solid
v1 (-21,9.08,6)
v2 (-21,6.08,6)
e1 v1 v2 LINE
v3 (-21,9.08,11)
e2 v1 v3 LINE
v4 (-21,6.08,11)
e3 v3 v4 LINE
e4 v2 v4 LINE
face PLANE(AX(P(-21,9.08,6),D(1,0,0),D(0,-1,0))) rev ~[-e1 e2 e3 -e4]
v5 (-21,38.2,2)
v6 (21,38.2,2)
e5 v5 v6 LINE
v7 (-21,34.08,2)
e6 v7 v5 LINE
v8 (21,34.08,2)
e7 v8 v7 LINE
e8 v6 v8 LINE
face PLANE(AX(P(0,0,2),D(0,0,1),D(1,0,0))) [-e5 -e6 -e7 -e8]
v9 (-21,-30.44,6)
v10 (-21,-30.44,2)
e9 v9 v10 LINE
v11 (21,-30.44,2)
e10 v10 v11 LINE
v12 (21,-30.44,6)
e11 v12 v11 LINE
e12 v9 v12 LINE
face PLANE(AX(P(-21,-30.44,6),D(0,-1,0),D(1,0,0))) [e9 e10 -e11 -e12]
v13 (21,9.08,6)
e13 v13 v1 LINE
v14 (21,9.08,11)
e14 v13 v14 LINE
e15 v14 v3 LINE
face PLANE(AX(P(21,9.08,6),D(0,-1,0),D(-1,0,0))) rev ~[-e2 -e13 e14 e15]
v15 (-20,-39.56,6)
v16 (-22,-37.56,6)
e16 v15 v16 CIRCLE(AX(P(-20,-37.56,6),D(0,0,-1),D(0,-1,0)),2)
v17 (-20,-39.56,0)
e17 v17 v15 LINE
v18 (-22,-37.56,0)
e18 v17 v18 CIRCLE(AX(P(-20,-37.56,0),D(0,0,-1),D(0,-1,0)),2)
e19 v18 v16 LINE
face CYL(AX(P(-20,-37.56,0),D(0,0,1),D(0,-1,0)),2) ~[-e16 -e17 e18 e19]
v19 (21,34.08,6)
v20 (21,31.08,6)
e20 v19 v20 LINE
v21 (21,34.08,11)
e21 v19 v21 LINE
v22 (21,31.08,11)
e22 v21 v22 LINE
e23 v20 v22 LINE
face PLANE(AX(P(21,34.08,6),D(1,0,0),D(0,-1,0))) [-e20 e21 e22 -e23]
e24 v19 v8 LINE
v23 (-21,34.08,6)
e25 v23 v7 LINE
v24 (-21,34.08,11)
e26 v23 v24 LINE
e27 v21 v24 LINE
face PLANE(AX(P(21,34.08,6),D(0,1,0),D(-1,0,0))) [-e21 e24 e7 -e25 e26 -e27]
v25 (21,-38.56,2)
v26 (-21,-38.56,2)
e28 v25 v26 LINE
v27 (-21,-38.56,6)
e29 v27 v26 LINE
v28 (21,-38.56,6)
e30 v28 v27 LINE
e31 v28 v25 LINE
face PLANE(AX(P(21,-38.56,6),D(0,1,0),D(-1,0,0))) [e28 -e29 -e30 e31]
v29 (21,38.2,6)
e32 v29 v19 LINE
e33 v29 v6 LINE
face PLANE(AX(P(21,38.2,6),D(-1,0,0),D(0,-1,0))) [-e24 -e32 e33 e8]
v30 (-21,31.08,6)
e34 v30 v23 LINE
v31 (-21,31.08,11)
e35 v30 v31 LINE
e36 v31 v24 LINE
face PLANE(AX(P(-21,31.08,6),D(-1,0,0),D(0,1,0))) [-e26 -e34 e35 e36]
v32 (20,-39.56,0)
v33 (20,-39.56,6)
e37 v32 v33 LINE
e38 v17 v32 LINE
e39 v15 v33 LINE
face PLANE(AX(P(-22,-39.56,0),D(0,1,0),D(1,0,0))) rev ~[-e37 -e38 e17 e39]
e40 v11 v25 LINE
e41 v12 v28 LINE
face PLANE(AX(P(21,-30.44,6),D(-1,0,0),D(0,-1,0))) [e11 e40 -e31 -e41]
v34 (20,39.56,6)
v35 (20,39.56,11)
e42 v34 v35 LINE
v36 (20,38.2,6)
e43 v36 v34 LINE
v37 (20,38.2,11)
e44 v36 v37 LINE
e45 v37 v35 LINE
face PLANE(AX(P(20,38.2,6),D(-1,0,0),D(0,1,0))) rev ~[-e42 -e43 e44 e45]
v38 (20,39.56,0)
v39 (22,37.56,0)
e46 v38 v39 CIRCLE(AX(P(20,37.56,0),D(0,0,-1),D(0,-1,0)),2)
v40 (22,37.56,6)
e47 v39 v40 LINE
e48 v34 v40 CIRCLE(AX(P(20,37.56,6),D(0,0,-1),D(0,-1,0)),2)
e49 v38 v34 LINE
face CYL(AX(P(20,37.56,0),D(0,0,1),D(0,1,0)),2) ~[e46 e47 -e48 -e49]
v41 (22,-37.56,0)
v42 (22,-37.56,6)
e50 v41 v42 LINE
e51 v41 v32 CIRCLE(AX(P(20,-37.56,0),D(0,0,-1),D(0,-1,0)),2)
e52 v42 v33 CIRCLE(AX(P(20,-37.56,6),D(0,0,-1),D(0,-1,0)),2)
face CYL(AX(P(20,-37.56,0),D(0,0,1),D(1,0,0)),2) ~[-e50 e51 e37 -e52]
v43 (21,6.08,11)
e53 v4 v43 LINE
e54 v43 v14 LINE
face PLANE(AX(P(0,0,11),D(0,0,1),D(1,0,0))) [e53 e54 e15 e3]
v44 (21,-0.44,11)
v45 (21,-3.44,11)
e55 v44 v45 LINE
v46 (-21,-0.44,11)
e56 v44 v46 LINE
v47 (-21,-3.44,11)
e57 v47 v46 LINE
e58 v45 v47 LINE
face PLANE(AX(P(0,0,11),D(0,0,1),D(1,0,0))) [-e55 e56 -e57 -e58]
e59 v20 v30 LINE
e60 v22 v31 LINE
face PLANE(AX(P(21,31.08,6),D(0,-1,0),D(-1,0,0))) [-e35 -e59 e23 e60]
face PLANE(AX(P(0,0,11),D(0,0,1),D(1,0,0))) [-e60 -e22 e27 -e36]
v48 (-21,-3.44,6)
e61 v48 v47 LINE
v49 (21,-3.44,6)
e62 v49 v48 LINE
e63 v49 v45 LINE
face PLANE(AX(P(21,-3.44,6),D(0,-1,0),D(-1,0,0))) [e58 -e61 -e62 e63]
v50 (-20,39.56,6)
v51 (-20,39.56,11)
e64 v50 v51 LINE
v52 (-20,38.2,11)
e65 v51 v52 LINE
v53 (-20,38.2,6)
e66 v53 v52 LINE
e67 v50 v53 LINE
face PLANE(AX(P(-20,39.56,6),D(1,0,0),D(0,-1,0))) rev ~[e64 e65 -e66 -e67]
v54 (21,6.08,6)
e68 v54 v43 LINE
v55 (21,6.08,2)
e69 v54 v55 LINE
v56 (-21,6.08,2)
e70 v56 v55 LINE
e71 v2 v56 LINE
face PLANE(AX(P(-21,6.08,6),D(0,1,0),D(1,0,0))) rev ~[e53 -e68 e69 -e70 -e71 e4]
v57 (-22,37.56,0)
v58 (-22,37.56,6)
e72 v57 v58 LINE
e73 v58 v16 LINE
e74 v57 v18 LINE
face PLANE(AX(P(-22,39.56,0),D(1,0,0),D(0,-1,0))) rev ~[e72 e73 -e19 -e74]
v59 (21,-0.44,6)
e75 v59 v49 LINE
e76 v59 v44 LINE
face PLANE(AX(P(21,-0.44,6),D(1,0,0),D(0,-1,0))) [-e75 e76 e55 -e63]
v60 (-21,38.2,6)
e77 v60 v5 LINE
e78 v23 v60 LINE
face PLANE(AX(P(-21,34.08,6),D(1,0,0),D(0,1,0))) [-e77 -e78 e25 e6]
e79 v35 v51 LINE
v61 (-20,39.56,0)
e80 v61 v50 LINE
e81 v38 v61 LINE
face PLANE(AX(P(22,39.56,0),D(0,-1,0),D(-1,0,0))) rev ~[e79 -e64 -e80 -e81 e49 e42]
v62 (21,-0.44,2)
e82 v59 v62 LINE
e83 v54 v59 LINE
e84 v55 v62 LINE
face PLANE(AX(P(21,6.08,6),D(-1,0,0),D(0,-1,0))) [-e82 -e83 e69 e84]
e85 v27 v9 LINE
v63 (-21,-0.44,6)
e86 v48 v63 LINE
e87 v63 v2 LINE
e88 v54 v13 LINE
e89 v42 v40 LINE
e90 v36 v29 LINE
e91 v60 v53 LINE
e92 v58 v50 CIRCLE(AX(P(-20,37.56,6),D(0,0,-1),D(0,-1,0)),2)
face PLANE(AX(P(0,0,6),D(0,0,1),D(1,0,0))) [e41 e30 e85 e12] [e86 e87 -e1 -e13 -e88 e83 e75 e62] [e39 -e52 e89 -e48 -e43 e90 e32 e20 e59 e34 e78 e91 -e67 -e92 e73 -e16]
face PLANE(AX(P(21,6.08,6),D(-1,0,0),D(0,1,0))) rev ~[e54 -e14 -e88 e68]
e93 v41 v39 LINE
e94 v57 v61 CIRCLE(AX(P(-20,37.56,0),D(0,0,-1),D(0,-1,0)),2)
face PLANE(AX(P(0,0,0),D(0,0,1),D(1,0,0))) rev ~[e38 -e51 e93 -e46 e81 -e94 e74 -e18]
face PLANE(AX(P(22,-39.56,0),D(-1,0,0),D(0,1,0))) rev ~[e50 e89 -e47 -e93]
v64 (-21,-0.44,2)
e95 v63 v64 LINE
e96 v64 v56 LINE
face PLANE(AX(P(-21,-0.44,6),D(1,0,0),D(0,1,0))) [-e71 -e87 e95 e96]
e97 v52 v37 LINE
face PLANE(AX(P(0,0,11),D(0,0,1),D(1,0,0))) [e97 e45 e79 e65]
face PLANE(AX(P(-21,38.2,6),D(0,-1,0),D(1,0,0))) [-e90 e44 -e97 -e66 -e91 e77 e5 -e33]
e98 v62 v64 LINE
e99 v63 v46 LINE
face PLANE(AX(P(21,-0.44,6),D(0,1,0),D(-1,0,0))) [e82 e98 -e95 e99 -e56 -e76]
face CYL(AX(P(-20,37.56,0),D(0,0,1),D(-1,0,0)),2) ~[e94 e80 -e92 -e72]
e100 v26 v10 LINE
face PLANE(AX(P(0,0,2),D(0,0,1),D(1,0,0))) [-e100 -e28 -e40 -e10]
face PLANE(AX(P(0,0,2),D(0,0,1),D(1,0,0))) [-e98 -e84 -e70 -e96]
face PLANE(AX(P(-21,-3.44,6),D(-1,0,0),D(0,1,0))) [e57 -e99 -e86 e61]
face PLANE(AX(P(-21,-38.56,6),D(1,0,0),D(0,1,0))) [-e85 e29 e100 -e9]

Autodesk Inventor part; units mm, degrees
ref_plane "YZ Plane" through (0, 0, 0) normal (1, 0, 0) x (0, 1, 0)
ref_plane "XZ Plane" through (0, 0, 0) normal (0, 1, 0) x (-1, 0, 0)
ref_plane "XY Plane" through (0, 0, 0) normal (0, 0, 1) x (1, 0, 0)
sketch "Base" plane through (0, 0, 0) normal (0, 0, 1) x (1, 0, 0)
  line L0 (-22, -39.56) -> (22, -39.56)
  line L1 (22, -39.56) -> (22, 39.56)
  line L2 (22, 39.56) -> (-22, 39.56)
  line L3 (-22, 39.56) -> (-22, -39.56)
  line L4 (-22, -39.56) -> (22, 39.56) construction
  line L5 (22, -39.56) -> (-22, 39.56) construction
  point P0 (0, 0)
  dimension "d56" = 44
  dimension "d57" = 79
extrude "Extrusion4" add sketch "Base" along normal blind 6
sketch "Slot1" plane through (0, 0, 6) normal (0, 0, 1) x (1, 0, 0)
  line L0 (21, -38.56) -> (-21, -38.56)
  line L1 (-21, -38.56) -> (-21, -30.44)
  line L2 (-21, -30.44) -> (21, -30.44)
  line L3 (21, -30.44) -> (21, -38.56)
  line L4 (21, -38.56) -> (-21, -30.44) construction
  line L5 (-21, -38.56) -> (21, -30.44) construction
  line L6 (22, -39.56) -> (22, 39.56) projected
  line L7 (-22, -39.56) -> (22, -39.56) projected
  point P0 (0, 0)
  point P1 (0, -34.5)
  dimension "d62" = 8.1
  dimension "d63" = 1
  dimension "d64" = 42
  dimension "d66" = 1
extrude "Slot1 slot" cut sketch "Slot1" against normal blind 4
sketch "Slot2" plane through (0, 0, 6) normal (0, 0, 1) x (1, 0, 0)
  line L0 (21, -0.44) -> (-21, -0.44)
  line L1 (-21, -0.44) -> (-21, 6.08)
  line L2 (-21, 6.08) -> (21, 6.08)
  line L3 (21, 6.08) -> (21, -0.44)
  line L4 (21, -0.44) -> (-21, 6.08) construction
  line L5 (-21, -0.44) -> (21, 6.08) construction
  line L6 (-22, 39.56) -> (-22, -39.56) projected
  line L7 (-21, -30.44) -> (21, -30.44) projected
  point P0 (0, 0)
  point P1 (0, 2.82)
  dimension "d75" = 6.5
  dimension "d76" = 42
  dimension "d77" = 1
  dimension "d80" = 30
extrude "Slot2 slot" cut sketch "Slot2" against normal blind 4
sketch "Slot3" plane through (0, 0, 6) normal (0, 0, 1) x (1, 0, 0)
  line L0 (-21, 38.2) -> (21, 38.2)
  line L1 (21, 38.2) -> (21, 34.08)
  line L2 (21, 34.08) -> (-21, 34.08)
  line L3 (-21, 34.08) -> (-21, 38.2)
  line L4 (-21, 38.2) -> (21, 34.08) construction
  line L5 (21, 38.2) -> (-21, 34.08) construction
  point P0 (0, 36.14)
  dimension "d83" = 4.1
  dimension "d84" = 42
extrude "Extrusion7" cut sketch "Slot3" against normal blind 4
fillet "Fillet1" radius 2 1 edges at (-22, 39.56, 3)
fillet "Fillet2" radius 2 1 edges at (22, 39.56, 3)
fillet "Fillet3" radius 2 1 edges at (22, -39.56, 3)
fillet "Fillet4" radius 2 1 edges at (-22, -39.56, 3)
sketch "Sketch14" plane through (0, 0, 6) normal (0, 0, 1) x (1, 0, 0)
  arc A0 (-22, -37.56) -> (-20, -39.56) centre (-20, -37.56) ccw projected
  line L0 (-20, -39.56) -> (20, -39.56) projected
  arc A1 (20, -39.56) -> (22, -37.56) centre (20, -37.56) ccw projected
  line L1 (22, -37.56) -> (22, 37.56) projected
  arc A2 (22, 37.56) -> (20, 39.56) centre (20, 37.56) ccw projected
  line L2 (20, 39.56) -> (-20, 39.56) projected
  arc A3 (-20, 39.56) -> (-22, 37.56) centre (-20, 37.56) ccw projected
  line L3 (-22, 37.56) -> (-22, -37.56) projected
  line L4 (-21, 34.08) -> (-21, 38.2) projected
  line L5 (-21, 38.2) -> (21, 38.2) projected
  line L6 (21, 38.2) -> (21, 34.08) projected
  line L7 (21, 34.08) -> (-21, 34.08) projected
  line L8 (21, 6.08) -> (21, -0.44) projected
  line L9 (21, -0.44) -> (-21, -0.44) projected
  line L10 (-21, -0.44) -> (-21, 6.08) projected
  line L11 (-21, 6.08) -> (21, 6.08) projected
  line L12 (21, -30.44) -> (21, -38.56) projected
  line L13 (21, -38.56) -> (-21, -38.56) projected
  line L14 (-21, -38.56) -> (-21, -30.44) projected
  line L15 (-21, -30.44) -> (21, -30.44) projected
  line L16 (20, 39.56) -> (-20, 39.56)
  line L17 (-20, 39.56) -> (-20, 38.2)
  line L18 (-20, 38.2) -> (20, 38.2)
  line L19 (20, 38.2) -> (20, 39.56)
  line L20 (-21, 38.2) -> (21, 38.2) projected
  line L21 (-21, 34.08) -> (21, 34.08)
  line L22 (21, 34.08) -> (21, 31.08)
  line L23 (21, 31.08) -> (-21, 31.08)
  line L24 (-21, 31.08) -> (-21, 34.08)
  line L25 (-21, 6.08) -> (21, 6.08)
  line L26 (21, 6.08) -> (21, 9.08)
  line L27 (21, 9.08) -> (-21, 9.08)
  line L28 (-21, 9.08) -> (-21, 6.08)
  line L29 (-21, -0.44) -> (21, -0.44)
  line L30 (21, -0.44) -> (21, -3.44)
  line L31 (21, -3.44) -> (-21, -3.44)
  line L32 (-21, -3.44) -> (-21, -0.44)
  dimension "d95" = 3
extrude "Extrusion9" add sketch "Sketch14" along normal blind 5 contours L2 L19 L5 L17 | L7 L22 L23 L24 | L11 L28 L27 L26 | L30 L31 L32 L9
equation "\"d56\" = basew"
equation "\"d57\" = baseh"
equation "\"d62\" = wall1slot"
equation "\"d63\" = -0.5 * wallw + 0.5 * basew"
equation "\"d64\" = wallw"
equation "\"d66\" = 0.5 * baseextra"
equation "\"d75\" = wall2slot"
equation "\"d76\" = wallw"
equation "\"d77\" = 0.5 * baseextra"
equation "\"d80\" = gap1"
equation "\"d83\" = wall3slot"
equation "\"d84\" = wallw"
equation "\"printer3dtolerance\" = 0.1"
equation "\"wallw\" = 42"
equation "\"wallh\" = 44"
equation "\"cornerrad\" = 2"
equation "\"baseextra\" = 2"
equation "\"wall1_thick\" = 8"
equation "\"wall2_thick\" = 6.4"
equation "\"wall3_thick\" = 4"
equation "\"wall1slot\" = 8.1"
equation "\"wall2slot\" = 6.5"
equation "\"wall3slot\" = 4.1"
equation "\"gap1\" = 30"
equation "\"gap2\" = 28"
equation "\"baseh\" = 79"
equation "\"basew\" = 44"
equation "\"base_thick\" = 6"
equation "\"base_slots_depth\" = 4"
equation "\"d26\" = 8.12"
equation "\"d27\" = 42"
equation "\"d28\" = 44"
equation "\"d29\" = 28"
equation "\"d31\" = 4.12"
equation "\"d32\" = 6.52"
equation "\"d33\" = 79.12"
equation "\"d39\" = 8.12"
equation "\"d40\" = 42"
equation "\"d41\" = 44"
equation "\"d48\" = 8.12"
equation "\"d49\" = 42"
equation "\"d50\" = 8.12"
equation "\"d51\" = 42"
equation "\"d52\" = 44"
equation "\"d53\" = 44"
equation "\"d71\" = 8.12"
equation "\"d72\" = 42"
equation "\"d73\" = 2"
equation "\"d74\" = 44"
equation "\"distancefrombottom\" = 34"
equation "\"servosmallcircledia\" = 5.9"
equation "\"servo9gw\" = 22.8"
equation "\"servomountsquare\" = 4"
equation "\"servopolygonl\" = 5.9"
equation "\"servopolygonr\" = 6.1"
equation "\"distancefromleft\" = 22"
equation "\"servobigcircledia\" = 11.6"
equation "\"servomounth\" = 4"
equation "\"wall3slotd\" = 2"
equation "\"wall3slotw\" = 36"
equation "\"adapterh\" = 16"
equation "\"adapterw\" = 32"
equation "\"wall3slotd_1\" = 2"
equation "\"armslotd\" = 2"
equation "\"armthick\" = 3"
equation "\"armw\" = 34"
equation "\"fanhs\" = 9.6"
equation "\"fanhb\" = 11"
equation "\"adapterwallslotd\" = 2"
equation "\"adapterwallthick\" = 6"
equation "\"hornscrewholed\" = 2"
equation "\"hornscrewheadd\" = 3"
equation "\"armhornthick\" = 3"
equation "\"hornthick\" = 1.5"
properties part number "base-frame" material "Wood (Oak)"
